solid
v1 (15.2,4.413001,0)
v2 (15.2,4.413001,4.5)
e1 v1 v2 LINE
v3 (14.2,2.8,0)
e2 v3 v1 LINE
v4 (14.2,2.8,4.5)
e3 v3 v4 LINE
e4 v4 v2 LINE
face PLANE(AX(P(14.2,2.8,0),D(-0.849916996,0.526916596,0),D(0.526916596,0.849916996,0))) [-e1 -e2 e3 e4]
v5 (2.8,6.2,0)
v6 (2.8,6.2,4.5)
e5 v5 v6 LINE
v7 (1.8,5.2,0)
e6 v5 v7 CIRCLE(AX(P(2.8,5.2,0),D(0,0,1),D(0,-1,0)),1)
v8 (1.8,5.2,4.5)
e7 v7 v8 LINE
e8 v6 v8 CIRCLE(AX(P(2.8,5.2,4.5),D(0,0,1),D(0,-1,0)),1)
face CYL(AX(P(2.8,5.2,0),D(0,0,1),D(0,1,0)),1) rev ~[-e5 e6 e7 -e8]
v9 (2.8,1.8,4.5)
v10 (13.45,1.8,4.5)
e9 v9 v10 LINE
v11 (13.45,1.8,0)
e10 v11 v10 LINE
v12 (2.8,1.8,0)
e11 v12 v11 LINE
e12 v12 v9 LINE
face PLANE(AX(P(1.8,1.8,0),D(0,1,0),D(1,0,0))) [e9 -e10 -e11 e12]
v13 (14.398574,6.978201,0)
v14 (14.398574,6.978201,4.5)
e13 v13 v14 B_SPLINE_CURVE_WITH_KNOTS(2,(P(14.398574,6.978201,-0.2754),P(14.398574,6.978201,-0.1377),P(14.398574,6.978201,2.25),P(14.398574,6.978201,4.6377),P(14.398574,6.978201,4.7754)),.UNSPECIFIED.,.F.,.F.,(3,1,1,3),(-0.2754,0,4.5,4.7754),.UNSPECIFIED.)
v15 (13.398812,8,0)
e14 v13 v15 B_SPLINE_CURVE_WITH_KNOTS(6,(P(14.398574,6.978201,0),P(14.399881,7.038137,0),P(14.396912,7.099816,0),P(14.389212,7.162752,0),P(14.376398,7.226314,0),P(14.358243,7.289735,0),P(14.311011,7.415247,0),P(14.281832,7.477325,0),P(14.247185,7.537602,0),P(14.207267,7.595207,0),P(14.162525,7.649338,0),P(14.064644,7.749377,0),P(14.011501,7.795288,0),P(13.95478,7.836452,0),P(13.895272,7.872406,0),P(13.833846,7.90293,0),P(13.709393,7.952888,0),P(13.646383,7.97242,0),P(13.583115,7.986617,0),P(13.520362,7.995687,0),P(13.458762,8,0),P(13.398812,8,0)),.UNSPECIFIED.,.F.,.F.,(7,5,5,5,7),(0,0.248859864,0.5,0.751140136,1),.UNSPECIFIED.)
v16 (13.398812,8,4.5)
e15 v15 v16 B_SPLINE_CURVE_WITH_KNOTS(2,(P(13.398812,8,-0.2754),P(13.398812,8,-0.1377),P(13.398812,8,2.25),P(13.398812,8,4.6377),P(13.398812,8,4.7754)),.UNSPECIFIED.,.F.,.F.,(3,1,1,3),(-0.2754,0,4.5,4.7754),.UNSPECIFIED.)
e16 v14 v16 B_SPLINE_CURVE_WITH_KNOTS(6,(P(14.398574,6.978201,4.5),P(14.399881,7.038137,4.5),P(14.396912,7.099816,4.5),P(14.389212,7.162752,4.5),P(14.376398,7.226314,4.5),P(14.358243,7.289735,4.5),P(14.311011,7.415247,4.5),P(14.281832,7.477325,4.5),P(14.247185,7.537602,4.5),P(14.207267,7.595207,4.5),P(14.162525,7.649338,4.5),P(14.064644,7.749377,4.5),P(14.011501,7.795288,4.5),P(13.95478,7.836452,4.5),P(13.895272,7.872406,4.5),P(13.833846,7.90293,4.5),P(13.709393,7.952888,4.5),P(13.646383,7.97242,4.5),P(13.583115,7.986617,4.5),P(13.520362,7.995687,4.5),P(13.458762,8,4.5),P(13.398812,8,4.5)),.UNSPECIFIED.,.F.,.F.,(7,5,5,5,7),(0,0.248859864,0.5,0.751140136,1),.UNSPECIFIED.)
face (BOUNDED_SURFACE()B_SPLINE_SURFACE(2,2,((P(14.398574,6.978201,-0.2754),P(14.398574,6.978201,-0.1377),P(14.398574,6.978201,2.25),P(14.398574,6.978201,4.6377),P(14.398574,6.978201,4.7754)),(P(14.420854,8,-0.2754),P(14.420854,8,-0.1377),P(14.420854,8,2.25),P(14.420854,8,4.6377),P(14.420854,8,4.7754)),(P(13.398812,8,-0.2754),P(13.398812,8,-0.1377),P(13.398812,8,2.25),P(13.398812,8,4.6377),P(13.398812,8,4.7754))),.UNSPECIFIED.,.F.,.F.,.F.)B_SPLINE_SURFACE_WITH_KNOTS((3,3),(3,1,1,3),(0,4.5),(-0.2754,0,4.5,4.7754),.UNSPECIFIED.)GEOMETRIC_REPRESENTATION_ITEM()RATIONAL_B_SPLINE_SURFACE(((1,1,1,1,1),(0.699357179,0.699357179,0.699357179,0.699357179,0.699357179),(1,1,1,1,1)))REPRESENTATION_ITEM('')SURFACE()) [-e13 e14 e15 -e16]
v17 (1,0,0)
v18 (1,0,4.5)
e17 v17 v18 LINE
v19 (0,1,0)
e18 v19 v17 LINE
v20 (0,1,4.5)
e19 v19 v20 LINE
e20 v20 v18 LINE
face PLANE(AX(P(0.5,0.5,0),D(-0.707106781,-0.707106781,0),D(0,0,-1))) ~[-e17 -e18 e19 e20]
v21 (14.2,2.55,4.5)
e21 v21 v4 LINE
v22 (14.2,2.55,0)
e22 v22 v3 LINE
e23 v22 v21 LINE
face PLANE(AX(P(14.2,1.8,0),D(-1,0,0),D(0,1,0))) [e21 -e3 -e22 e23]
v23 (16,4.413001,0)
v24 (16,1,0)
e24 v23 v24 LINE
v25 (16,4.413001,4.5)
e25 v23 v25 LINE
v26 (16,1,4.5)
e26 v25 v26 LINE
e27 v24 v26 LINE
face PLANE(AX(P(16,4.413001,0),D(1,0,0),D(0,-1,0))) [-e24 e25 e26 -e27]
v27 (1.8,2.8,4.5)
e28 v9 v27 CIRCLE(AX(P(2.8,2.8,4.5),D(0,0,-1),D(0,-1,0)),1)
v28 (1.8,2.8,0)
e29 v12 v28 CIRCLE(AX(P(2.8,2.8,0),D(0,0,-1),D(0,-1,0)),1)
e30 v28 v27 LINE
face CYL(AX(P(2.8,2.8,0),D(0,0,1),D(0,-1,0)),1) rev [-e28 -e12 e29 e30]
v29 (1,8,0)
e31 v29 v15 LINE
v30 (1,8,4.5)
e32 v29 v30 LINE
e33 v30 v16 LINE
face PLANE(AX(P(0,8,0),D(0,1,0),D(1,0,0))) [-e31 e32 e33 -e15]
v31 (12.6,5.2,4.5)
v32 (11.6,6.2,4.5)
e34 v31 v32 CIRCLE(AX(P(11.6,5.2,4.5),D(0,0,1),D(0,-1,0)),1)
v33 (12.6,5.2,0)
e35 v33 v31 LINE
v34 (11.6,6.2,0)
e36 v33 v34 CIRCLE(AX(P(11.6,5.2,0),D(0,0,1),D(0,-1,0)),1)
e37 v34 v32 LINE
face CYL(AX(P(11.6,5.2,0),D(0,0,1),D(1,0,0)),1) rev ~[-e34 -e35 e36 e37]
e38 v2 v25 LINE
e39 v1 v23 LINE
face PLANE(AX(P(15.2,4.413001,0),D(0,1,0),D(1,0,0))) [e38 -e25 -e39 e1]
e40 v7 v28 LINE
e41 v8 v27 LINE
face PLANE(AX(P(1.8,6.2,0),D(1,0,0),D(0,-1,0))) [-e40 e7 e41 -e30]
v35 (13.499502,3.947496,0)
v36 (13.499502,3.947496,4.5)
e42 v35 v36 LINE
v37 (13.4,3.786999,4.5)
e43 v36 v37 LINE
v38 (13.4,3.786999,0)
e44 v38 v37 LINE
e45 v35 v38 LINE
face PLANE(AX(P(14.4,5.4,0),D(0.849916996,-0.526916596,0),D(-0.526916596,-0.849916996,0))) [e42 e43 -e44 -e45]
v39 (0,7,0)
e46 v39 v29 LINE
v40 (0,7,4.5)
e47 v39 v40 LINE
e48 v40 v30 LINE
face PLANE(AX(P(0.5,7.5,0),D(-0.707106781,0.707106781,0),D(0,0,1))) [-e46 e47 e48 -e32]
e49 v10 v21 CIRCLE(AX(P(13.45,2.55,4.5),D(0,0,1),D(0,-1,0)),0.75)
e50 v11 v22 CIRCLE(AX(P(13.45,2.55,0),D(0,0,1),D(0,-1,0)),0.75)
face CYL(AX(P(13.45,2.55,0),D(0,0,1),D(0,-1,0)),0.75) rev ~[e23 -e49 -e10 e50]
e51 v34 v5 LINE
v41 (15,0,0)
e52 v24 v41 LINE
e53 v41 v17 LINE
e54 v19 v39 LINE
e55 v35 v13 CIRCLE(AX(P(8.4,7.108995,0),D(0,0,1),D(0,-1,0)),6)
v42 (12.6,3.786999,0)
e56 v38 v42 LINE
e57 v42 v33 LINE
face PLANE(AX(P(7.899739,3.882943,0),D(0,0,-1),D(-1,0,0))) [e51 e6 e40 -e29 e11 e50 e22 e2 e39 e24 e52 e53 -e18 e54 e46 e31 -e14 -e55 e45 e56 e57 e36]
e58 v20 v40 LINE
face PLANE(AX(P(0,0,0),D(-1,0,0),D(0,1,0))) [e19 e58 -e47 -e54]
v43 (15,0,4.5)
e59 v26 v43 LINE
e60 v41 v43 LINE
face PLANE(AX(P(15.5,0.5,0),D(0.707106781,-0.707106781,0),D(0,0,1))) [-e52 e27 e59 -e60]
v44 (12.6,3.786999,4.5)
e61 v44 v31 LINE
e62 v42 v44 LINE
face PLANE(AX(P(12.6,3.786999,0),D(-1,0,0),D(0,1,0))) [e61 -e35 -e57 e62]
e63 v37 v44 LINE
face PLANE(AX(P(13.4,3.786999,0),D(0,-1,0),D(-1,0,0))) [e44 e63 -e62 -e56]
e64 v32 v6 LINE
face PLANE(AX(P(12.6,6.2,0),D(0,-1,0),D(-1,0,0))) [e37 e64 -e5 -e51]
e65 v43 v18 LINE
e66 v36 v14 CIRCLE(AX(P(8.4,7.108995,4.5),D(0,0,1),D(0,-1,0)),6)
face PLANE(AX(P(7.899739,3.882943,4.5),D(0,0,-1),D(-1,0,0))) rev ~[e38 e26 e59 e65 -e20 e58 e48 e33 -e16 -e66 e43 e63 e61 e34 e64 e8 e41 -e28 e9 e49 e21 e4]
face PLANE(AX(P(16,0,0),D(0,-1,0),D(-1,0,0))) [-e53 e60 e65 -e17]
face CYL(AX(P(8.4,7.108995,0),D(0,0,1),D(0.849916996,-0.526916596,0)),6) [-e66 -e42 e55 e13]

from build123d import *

# Parameters (mm, degrees)
PAD_DEPTH    = 4.5
CHAMFER_SIZE = 1
FILLET_R     = 1
FILLET001_R  = 0.75
FILLET002_R  = 6
FILLET003_R  = 1


with BuildPart() as part:
    # Sketch → Pad (new body)
    with BuildSketch(Plane.XY):
        Polygon((0, 0), (0, 8), (14.4, 8), (14.4, 5.4), (13.4, 3.786999), (12.6, 3.786999), (12.6, 6.2), (1.8, 6.2), (1.8, 1.8), (14.2, 1.8), (14.2, 2.8), (15.2, 4.413001), (16, 4.413001), (16, 0), align=None)
    extrude(amount=PAD_DEPTH)

    # Chamfer
    chamfer_edges = [part.edges().sort_by_distance(p)[0] for p in [
        (0, 8, 2.25),
        (0, 0, 2.25),
        (16, 0, 2.25),
    ]]
    chamfer(chamfer_edges, length=CHAMFER_SIZE)

    # Fillet
    fillet_edges = [part.edges().sort_by_distance(p)[0] for p in [
        (1.8, 6.2, 2.25),
        (1.8, 1.8, 2.25),
        (12.6, 6.2, 2.25),
    ]]
    fillet(fillet_edges, radius=FILLET_R)

    # Fillet001
    fillet001_edges = [part.edges().sort_by_distance(p)[0] for p in [
        (14.2, 1.8, 2.25),
    ]]
    fillet(fillet001_edges, radius=FILLET001_R)

    # Fillet002
    fillet002_edges = [part.edges().sort_by_distance(p)[0] for p in [
        (14.4, 5.4, 2.25),
    ]]
    fillet(fillet002_edges, radius=FILLET002_R)

    # Fillet003
    fillet003_edges = [part.edges().sort_by_distance(p)[0] for p in [
        (14.4, 8, 2.25),
    ]]
    fillet(fillet003_edges, radius=FILLET003_R)


solid = part.part
